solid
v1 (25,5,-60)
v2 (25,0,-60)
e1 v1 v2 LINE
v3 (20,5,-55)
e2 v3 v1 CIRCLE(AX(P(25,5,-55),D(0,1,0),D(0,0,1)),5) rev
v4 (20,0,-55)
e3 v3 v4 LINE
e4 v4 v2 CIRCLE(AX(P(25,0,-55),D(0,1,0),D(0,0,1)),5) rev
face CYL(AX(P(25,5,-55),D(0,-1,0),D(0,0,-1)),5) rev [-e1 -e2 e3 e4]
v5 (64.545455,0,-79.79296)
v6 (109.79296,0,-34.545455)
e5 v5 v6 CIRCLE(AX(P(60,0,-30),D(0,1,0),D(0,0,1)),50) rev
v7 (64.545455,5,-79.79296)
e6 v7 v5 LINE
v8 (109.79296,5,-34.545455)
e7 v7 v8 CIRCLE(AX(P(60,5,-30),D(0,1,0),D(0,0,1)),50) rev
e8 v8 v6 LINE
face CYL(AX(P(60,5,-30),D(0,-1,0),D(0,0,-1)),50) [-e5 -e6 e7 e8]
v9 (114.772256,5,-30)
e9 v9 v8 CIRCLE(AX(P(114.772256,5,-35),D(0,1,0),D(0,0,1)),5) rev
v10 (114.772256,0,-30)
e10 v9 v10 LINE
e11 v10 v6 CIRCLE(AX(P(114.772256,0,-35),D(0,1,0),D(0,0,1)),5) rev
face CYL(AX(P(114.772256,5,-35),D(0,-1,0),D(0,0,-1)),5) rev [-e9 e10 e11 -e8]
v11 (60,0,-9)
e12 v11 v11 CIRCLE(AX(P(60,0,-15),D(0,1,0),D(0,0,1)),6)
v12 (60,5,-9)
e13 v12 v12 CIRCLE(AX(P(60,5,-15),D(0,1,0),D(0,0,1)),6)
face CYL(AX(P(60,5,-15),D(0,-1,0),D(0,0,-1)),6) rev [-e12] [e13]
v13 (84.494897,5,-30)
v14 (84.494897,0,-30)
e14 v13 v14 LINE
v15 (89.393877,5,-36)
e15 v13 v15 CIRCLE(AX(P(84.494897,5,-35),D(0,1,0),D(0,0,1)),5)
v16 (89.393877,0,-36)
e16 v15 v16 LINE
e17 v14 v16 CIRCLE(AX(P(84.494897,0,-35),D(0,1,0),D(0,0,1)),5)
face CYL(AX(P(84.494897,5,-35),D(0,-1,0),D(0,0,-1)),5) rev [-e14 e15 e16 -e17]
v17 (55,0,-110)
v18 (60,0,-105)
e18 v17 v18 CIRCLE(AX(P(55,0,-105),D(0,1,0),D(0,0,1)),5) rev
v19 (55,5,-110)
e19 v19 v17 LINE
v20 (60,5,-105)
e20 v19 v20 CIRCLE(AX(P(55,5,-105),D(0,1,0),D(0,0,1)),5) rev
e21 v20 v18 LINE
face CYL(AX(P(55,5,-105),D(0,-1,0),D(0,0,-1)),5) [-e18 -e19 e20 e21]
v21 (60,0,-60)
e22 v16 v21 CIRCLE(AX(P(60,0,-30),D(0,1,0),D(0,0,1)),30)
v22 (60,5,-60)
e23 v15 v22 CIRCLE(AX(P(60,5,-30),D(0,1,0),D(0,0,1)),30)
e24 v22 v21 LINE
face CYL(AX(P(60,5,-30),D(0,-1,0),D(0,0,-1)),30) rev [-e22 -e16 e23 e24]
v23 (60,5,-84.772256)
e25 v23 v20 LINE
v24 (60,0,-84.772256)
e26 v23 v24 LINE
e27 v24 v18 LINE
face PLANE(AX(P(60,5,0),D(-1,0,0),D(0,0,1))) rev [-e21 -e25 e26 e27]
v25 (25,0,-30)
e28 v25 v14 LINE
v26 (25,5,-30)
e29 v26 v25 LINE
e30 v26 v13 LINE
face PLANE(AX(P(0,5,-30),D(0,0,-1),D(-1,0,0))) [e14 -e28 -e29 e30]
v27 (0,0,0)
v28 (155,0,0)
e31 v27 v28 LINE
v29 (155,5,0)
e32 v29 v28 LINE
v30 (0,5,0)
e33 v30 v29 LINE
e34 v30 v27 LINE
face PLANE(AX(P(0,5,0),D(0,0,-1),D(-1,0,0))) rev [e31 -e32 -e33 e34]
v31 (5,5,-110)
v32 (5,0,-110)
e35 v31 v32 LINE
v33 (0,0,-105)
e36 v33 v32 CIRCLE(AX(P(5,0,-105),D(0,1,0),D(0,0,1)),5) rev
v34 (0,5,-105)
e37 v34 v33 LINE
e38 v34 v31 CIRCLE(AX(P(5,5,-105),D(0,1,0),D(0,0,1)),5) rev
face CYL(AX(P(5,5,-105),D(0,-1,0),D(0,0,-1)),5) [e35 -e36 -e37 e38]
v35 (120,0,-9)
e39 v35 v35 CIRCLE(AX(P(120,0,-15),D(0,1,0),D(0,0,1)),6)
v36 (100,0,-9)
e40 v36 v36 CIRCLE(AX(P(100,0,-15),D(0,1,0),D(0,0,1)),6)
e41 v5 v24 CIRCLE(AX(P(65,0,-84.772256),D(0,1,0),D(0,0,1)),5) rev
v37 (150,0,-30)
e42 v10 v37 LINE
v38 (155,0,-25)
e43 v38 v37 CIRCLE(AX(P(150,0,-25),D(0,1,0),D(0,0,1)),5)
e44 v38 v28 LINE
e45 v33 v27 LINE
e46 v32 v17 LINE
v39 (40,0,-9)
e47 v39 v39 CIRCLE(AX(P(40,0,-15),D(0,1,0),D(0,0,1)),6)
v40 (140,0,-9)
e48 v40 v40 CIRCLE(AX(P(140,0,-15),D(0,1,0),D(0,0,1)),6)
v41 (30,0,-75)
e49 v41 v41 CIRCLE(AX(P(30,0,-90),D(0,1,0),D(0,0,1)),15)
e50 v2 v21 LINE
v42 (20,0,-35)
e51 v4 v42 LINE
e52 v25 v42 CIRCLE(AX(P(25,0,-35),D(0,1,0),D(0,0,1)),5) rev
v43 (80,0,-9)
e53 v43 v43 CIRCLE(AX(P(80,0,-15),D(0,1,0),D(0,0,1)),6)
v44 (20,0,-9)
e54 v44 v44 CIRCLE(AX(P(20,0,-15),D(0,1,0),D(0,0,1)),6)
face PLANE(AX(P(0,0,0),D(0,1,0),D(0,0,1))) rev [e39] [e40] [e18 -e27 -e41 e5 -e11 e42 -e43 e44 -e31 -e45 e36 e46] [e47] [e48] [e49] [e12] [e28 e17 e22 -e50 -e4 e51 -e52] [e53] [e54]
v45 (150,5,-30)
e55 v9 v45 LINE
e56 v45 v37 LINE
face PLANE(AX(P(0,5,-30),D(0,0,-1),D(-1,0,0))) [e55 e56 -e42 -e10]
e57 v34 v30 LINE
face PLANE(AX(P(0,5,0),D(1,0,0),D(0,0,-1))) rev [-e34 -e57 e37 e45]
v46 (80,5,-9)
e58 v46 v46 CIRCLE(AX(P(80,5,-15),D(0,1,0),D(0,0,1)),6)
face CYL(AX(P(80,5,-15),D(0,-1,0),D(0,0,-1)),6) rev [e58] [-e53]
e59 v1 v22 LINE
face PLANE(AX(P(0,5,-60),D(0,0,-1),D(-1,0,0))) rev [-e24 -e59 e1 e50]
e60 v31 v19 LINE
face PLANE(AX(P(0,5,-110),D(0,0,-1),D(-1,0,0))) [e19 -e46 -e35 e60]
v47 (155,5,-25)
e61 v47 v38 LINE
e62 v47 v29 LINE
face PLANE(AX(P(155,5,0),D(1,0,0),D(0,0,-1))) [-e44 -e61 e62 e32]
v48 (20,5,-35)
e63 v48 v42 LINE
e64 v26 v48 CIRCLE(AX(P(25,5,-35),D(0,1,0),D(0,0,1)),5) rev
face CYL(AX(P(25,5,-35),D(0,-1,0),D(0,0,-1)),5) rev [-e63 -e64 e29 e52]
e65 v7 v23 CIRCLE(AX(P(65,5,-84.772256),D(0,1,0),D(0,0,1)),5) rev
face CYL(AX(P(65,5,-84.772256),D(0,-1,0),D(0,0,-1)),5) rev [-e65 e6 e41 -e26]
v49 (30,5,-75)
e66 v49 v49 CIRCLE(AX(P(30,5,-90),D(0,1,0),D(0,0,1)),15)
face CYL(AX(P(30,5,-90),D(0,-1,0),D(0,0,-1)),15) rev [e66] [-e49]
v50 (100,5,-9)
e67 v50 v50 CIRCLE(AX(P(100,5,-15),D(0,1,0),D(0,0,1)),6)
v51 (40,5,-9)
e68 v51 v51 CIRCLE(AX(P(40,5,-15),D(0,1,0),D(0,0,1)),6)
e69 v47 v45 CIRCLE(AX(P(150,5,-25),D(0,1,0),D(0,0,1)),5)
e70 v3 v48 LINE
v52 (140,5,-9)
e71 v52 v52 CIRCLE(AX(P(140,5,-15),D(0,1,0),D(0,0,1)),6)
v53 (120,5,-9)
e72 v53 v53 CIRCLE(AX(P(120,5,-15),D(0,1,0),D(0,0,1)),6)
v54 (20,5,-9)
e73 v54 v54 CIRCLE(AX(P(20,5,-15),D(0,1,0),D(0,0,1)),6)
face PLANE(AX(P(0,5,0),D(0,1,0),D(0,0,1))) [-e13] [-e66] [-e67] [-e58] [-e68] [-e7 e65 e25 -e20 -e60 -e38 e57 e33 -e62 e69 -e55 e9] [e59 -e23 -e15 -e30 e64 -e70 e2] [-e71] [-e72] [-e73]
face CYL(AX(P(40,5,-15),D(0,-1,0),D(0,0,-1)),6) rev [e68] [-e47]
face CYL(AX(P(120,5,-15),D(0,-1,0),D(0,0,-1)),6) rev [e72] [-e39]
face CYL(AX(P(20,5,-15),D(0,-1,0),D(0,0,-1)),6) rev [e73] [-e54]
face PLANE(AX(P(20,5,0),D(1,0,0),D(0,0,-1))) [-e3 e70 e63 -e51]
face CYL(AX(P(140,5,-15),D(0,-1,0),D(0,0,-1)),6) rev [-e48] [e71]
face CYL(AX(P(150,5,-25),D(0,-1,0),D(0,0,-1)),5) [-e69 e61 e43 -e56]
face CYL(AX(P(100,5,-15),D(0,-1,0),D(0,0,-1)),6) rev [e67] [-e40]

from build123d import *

# Parameters (mm, degrees)
SKETCH1_R           = 15
SKETCH1_R_2         = 6
BOSS_EXTRUDE1_DEPTH = 5


with BuildPart() as part:
    # Sketch1 → Boss-Extrude1 (new body)
    with BuildSketch(Plane(origin=(0, 0, 0), x_dir=(1, 0, 0), z_dir=(0, 1, 0))):
        with BuildLine():
            Line((114.772255751, 30), (150, 30))
            ThreePointArc((150, 30), (153.535533906, 28.535533906), (155, 25))
            Line((155, 25), (155, 0))
            Line((155, 0), (0, 0))
            Line((0, 0), (0, 105))
            ThreePointArc((0, 105), (1.464466094, 108.535533906), (5, 110))
            Line((5, 110), (55, 110))
            ThreePointArc((55, 110), (58.535533906, 108.535533906), (60, 105))
            Line((60, 105), (60, 84.772255751))
            ThreePointArc((60, 84.772255751), (61.307255271, 81.401256438), (64.545454545, 79.792959773))
            ThreePointArc((64.545454545, 79.792959773), (95.355339059, 65.355339059), (109.792959773, 34.545454545))
            ThreePointArc((109.792959773, 34.545454545), (111.401256438, 31.307255271), (114.772255751, 30))
        make_face()
        with Locations(Location((30, 90, 0), (0, 0, 270))):
            Circle(SKETCH1_R, mode=Mode.SUBTRACT)
        with Locations(Location((20, 15, 0), (0, 0, 270))):
            Circle(SKETCH1_R_2, mode=Mode.SUBTRACT)
        with Locations(Location((40, 15, 0), (0, 0, 270))):
            Circle(SKETCH1_R_2, mode=Mode.SUBTRACT)
        with Locations(Location((60, 15, 0), (0, 0, 270))):
            Circle(SKETCH1_R_2, mode=Mode.SUBTRACT)
        with Locations(Location((80, 15, 0), (0, 0, 270))):
            Circle(SKETCH1_R_2, mode=Mode.SUBTRACT)
        with Locations(Location((100, 15, 0), (0, 0, 270))):
            Circle(SKETCH1_R_2, mode=Mode.SUBTRACT)
        with Locations(Location((120, 15, 0), (0, 0, 270))):
            Circle(SKETCH1_R_2, mode=Mode.SUBTRACT)
        with Locations(Location((140, 15, 0), (0, 0, 270))):
            Circle(SKETCH1_R_2, mode=Mode.SUBTRACT)
        with BuildLine():
            Line((20, 55), (20, 35))
            ThreePointArc((20, 35), (21.464466094, 31.464466094), (25, 30))
            Line((25, 30), (84.494897428, 30))
            ThreePointArc((84.494897428, 30), (88.367880774, 31.83772234), (89.393876913, 36))
            ThreePointArc((89.393876913, 36), (78.973665961, 53.237900077), (60, 60))
            Line((60, 60), (25, 60))
            ThreePointArc((25, 60), (21.464466094, 58.535533906), (20, 55))
        make_face(mode=Mode.SUBTRACT)
    extrude(amount=BOSS_EXTRUDE1_DEPTH)


solid = part.part
